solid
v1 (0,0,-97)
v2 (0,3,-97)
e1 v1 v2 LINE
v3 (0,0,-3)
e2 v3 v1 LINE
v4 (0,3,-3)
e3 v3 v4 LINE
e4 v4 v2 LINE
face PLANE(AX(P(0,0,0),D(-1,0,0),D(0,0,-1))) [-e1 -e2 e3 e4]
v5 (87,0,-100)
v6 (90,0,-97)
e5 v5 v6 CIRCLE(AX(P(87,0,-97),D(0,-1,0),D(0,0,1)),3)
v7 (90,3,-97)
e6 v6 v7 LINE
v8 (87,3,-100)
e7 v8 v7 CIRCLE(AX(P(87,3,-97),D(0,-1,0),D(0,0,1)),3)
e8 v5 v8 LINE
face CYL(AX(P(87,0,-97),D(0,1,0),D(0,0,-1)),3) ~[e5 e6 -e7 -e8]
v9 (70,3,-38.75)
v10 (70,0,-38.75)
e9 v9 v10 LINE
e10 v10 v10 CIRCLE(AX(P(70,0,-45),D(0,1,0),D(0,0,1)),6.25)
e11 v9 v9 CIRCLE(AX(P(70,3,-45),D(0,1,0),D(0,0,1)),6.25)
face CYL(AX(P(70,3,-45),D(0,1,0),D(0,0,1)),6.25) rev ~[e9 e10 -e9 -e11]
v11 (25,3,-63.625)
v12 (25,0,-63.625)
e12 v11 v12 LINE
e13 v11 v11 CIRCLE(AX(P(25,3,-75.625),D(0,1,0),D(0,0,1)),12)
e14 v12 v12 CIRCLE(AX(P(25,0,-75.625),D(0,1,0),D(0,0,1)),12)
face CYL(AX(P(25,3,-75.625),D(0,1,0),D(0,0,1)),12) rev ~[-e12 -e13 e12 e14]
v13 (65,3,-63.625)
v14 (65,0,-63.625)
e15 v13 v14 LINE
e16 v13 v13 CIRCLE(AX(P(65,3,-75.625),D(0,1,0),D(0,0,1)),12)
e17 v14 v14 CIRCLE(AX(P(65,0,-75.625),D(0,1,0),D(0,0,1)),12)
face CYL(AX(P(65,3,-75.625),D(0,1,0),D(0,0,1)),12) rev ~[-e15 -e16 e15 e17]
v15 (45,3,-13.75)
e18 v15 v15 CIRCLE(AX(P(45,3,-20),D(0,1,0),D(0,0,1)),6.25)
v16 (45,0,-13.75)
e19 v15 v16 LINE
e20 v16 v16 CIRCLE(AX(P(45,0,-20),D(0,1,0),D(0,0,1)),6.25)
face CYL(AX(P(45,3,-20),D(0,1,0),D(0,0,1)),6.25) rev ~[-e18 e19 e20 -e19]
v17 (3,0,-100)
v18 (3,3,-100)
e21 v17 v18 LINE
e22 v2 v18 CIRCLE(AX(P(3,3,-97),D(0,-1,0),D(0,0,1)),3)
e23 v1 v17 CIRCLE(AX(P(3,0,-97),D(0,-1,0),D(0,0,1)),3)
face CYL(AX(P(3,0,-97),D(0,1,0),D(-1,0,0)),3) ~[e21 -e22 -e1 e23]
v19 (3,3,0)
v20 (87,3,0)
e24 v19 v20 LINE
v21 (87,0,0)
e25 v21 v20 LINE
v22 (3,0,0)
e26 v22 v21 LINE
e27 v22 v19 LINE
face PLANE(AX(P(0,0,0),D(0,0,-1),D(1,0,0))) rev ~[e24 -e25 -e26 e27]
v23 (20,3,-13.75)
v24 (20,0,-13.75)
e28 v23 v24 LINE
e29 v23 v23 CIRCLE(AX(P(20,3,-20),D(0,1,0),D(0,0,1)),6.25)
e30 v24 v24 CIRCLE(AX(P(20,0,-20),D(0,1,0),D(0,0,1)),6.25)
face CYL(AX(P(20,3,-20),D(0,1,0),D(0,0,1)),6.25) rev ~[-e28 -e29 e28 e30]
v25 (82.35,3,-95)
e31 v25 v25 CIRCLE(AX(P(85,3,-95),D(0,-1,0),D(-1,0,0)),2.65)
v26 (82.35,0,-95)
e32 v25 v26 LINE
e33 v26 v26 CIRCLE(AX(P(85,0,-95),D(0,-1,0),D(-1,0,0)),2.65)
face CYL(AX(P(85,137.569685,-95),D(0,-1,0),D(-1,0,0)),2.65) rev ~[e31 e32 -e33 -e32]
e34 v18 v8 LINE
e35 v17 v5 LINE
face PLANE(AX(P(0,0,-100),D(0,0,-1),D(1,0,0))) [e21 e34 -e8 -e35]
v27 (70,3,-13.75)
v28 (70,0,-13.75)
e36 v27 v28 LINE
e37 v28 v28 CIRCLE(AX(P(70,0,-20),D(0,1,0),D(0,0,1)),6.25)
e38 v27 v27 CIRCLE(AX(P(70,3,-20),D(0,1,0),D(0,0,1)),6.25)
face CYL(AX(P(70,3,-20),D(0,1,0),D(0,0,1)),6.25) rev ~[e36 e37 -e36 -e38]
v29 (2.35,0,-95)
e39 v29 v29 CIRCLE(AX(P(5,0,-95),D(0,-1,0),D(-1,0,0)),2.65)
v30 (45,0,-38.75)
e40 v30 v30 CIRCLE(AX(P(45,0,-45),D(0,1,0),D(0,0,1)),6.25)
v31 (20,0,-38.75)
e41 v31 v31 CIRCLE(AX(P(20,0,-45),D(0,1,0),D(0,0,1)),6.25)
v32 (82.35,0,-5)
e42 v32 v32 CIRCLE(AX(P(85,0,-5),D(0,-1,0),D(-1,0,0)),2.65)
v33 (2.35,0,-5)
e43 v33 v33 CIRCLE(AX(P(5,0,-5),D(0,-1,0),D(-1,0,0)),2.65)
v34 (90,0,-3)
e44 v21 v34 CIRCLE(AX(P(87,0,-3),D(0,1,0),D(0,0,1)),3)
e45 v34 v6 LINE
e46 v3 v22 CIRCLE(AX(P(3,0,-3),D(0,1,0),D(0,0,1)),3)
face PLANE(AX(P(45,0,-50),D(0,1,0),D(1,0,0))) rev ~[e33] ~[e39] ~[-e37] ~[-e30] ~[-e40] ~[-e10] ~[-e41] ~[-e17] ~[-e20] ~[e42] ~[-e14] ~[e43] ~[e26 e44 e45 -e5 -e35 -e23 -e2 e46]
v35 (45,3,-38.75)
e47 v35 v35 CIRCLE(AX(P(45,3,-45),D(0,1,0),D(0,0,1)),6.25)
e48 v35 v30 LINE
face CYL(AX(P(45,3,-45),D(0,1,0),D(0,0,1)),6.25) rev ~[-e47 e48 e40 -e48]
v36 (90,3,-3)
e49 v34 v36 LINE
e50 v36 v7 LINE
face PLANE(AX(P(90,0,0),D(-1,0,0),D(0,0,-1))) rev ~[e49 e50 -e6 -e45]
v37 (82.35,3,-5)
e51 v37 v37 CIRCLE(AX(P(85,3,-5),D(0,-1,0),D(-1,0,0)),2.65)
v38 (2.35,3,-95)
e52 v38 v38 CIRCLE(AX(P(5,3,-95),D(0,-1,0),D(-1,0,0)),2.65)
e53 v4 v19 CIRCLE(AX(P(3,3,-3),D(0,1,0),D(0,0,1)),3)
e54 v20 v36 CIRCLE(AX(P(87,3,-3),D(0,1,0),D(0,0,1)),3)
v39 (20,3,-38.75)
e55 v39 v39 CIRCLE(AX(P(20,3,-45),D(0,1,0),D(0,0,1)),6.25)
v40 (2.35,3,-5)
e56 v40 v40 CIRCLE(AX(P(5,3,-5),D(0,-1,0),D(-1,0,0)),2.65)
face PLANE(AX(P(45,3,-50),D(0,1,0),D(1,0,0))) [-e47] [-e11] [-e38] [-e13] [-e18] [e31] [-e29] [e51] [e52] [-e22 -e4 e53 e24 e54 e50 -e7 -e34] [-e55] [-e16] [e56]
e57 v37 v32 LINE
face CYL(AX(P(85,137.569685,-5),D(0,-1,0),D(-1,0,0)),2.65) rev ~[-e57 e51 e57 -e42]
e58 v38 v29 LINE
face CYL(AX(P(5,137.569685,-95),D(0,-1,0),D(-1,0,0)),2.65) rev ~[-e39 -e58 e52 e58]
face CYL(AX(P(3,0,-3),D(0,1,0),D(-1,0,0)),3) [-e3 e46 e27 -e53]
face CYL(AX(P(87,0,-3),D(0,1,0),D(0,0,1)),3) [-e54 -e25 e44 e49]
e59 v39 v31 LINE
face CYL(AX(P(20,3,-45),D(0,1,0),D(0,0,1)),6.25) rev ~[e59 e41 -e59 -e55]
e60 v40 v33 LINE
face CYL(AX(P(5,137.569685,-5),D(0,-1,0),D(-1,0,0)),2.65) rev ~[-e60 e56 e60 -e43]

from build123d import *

# Parameters (mm, degrees)
SKETCH1_W            = 90
SKETCH1_H            = 100
BOSS_EXTRUDE1_DEPTH  = 3
SKETCH2_R            = 6.25
CUT_EXTRUDE1_DEPTH   = 3
LPATTERN1_COUNT      = 3
LPATTERN1_PITCH      = 25
LPATTERN1_COUNT_DIR2 = 2
LPATTERN1_PITCH_DIR2 = 25
SKETCH3_R            = 12
CUT_EXTRUDE2_DEPTH   = 3
M5_CLEARANCE_HOLE1_D = 5.3
FILLET1_R            = 3


with BuildPart() as part:
    # Sketch1 → Boss-Extrude1 (new body)
    with BuildSketch(Plane(origin=(0, 0, 0), x_dir=(1, 0, 0), z_dir=(0, 1, 0))):
        with Locations((45, 50)):
            Rectangle(SKETCH1_W, SKETCH1_H)
    extrude(amount=BOSS_EXTRUDE1_DEPTH)

    # Sketch2 → Cut-Extrude1 (cut)
    with BuildSketch(Plane(origin=(0, 3, 0), x_dir=(1, 0, 0), z_dir=(0, 1, 0))):
        with Locations(Location((20, 20, 0), (0, 0, 270))):
            Circle(SKETCH2_R)
    cut_extrude1 = extrude(amount=-CUT_EXTRUDE1_DEPTH, mode=Mode.SUBTRACT)

    # LPattern1: Cut-Extrude1 3 × 2
    with Locations(*[(i * LPATTERN1_PITCH, 0, -j * LPATTERN1_PITCH_DIR2) for i in range(LPATTERN1_COUNT) for j in range(LPATTERN1_COUNT_DIR2) if (i, j) != (0, 0)]):
        add(cut_extrude1, mode=Mode.SUBTRACT)

    # Sketch3 → Cut-Extrude2 (cut)
    with BuildSketch(Plane(origin=(0, 3, 0), x_dir=(1, 0, 0), z_dir=(0, 1, 0))):
        with Locations(Location((25, 75.625, 0), (0, 0, 270))):
            Circle(SKETCH3_R)
        with Locations(Location((65, 75.625, 0), (0, 0, 270))):
            Circle(SKETCH3_R)
    extrude(amount=-CUT_EXTRUDE2_DEPTH, mode=Mode.SUBTRACT)

    # M5 Clearance Hole1 (through all)
    with Locations(Plane(origin=(0, 3, 0), x_dir=(1, 0, 0), z_dir=(0, 1, 0))):
        with Locations((5, 95), (5, 5), (85, 5), (85, 95)):
            Hole(M5_CLEARANCE_HOLE1_D / 2)

    # Fillet1
    fillet1_edges = [part.edges().sort_by_distance(p)[0] for p in [
        (0, 1.5, -100),
        (90, 1.5, -100),
        (90, 1.5, 0),
        (0, 1.5, 0),
    ]]
    fillet(fillet1_edges, radius=FILLET1_R)


solid = part.part
